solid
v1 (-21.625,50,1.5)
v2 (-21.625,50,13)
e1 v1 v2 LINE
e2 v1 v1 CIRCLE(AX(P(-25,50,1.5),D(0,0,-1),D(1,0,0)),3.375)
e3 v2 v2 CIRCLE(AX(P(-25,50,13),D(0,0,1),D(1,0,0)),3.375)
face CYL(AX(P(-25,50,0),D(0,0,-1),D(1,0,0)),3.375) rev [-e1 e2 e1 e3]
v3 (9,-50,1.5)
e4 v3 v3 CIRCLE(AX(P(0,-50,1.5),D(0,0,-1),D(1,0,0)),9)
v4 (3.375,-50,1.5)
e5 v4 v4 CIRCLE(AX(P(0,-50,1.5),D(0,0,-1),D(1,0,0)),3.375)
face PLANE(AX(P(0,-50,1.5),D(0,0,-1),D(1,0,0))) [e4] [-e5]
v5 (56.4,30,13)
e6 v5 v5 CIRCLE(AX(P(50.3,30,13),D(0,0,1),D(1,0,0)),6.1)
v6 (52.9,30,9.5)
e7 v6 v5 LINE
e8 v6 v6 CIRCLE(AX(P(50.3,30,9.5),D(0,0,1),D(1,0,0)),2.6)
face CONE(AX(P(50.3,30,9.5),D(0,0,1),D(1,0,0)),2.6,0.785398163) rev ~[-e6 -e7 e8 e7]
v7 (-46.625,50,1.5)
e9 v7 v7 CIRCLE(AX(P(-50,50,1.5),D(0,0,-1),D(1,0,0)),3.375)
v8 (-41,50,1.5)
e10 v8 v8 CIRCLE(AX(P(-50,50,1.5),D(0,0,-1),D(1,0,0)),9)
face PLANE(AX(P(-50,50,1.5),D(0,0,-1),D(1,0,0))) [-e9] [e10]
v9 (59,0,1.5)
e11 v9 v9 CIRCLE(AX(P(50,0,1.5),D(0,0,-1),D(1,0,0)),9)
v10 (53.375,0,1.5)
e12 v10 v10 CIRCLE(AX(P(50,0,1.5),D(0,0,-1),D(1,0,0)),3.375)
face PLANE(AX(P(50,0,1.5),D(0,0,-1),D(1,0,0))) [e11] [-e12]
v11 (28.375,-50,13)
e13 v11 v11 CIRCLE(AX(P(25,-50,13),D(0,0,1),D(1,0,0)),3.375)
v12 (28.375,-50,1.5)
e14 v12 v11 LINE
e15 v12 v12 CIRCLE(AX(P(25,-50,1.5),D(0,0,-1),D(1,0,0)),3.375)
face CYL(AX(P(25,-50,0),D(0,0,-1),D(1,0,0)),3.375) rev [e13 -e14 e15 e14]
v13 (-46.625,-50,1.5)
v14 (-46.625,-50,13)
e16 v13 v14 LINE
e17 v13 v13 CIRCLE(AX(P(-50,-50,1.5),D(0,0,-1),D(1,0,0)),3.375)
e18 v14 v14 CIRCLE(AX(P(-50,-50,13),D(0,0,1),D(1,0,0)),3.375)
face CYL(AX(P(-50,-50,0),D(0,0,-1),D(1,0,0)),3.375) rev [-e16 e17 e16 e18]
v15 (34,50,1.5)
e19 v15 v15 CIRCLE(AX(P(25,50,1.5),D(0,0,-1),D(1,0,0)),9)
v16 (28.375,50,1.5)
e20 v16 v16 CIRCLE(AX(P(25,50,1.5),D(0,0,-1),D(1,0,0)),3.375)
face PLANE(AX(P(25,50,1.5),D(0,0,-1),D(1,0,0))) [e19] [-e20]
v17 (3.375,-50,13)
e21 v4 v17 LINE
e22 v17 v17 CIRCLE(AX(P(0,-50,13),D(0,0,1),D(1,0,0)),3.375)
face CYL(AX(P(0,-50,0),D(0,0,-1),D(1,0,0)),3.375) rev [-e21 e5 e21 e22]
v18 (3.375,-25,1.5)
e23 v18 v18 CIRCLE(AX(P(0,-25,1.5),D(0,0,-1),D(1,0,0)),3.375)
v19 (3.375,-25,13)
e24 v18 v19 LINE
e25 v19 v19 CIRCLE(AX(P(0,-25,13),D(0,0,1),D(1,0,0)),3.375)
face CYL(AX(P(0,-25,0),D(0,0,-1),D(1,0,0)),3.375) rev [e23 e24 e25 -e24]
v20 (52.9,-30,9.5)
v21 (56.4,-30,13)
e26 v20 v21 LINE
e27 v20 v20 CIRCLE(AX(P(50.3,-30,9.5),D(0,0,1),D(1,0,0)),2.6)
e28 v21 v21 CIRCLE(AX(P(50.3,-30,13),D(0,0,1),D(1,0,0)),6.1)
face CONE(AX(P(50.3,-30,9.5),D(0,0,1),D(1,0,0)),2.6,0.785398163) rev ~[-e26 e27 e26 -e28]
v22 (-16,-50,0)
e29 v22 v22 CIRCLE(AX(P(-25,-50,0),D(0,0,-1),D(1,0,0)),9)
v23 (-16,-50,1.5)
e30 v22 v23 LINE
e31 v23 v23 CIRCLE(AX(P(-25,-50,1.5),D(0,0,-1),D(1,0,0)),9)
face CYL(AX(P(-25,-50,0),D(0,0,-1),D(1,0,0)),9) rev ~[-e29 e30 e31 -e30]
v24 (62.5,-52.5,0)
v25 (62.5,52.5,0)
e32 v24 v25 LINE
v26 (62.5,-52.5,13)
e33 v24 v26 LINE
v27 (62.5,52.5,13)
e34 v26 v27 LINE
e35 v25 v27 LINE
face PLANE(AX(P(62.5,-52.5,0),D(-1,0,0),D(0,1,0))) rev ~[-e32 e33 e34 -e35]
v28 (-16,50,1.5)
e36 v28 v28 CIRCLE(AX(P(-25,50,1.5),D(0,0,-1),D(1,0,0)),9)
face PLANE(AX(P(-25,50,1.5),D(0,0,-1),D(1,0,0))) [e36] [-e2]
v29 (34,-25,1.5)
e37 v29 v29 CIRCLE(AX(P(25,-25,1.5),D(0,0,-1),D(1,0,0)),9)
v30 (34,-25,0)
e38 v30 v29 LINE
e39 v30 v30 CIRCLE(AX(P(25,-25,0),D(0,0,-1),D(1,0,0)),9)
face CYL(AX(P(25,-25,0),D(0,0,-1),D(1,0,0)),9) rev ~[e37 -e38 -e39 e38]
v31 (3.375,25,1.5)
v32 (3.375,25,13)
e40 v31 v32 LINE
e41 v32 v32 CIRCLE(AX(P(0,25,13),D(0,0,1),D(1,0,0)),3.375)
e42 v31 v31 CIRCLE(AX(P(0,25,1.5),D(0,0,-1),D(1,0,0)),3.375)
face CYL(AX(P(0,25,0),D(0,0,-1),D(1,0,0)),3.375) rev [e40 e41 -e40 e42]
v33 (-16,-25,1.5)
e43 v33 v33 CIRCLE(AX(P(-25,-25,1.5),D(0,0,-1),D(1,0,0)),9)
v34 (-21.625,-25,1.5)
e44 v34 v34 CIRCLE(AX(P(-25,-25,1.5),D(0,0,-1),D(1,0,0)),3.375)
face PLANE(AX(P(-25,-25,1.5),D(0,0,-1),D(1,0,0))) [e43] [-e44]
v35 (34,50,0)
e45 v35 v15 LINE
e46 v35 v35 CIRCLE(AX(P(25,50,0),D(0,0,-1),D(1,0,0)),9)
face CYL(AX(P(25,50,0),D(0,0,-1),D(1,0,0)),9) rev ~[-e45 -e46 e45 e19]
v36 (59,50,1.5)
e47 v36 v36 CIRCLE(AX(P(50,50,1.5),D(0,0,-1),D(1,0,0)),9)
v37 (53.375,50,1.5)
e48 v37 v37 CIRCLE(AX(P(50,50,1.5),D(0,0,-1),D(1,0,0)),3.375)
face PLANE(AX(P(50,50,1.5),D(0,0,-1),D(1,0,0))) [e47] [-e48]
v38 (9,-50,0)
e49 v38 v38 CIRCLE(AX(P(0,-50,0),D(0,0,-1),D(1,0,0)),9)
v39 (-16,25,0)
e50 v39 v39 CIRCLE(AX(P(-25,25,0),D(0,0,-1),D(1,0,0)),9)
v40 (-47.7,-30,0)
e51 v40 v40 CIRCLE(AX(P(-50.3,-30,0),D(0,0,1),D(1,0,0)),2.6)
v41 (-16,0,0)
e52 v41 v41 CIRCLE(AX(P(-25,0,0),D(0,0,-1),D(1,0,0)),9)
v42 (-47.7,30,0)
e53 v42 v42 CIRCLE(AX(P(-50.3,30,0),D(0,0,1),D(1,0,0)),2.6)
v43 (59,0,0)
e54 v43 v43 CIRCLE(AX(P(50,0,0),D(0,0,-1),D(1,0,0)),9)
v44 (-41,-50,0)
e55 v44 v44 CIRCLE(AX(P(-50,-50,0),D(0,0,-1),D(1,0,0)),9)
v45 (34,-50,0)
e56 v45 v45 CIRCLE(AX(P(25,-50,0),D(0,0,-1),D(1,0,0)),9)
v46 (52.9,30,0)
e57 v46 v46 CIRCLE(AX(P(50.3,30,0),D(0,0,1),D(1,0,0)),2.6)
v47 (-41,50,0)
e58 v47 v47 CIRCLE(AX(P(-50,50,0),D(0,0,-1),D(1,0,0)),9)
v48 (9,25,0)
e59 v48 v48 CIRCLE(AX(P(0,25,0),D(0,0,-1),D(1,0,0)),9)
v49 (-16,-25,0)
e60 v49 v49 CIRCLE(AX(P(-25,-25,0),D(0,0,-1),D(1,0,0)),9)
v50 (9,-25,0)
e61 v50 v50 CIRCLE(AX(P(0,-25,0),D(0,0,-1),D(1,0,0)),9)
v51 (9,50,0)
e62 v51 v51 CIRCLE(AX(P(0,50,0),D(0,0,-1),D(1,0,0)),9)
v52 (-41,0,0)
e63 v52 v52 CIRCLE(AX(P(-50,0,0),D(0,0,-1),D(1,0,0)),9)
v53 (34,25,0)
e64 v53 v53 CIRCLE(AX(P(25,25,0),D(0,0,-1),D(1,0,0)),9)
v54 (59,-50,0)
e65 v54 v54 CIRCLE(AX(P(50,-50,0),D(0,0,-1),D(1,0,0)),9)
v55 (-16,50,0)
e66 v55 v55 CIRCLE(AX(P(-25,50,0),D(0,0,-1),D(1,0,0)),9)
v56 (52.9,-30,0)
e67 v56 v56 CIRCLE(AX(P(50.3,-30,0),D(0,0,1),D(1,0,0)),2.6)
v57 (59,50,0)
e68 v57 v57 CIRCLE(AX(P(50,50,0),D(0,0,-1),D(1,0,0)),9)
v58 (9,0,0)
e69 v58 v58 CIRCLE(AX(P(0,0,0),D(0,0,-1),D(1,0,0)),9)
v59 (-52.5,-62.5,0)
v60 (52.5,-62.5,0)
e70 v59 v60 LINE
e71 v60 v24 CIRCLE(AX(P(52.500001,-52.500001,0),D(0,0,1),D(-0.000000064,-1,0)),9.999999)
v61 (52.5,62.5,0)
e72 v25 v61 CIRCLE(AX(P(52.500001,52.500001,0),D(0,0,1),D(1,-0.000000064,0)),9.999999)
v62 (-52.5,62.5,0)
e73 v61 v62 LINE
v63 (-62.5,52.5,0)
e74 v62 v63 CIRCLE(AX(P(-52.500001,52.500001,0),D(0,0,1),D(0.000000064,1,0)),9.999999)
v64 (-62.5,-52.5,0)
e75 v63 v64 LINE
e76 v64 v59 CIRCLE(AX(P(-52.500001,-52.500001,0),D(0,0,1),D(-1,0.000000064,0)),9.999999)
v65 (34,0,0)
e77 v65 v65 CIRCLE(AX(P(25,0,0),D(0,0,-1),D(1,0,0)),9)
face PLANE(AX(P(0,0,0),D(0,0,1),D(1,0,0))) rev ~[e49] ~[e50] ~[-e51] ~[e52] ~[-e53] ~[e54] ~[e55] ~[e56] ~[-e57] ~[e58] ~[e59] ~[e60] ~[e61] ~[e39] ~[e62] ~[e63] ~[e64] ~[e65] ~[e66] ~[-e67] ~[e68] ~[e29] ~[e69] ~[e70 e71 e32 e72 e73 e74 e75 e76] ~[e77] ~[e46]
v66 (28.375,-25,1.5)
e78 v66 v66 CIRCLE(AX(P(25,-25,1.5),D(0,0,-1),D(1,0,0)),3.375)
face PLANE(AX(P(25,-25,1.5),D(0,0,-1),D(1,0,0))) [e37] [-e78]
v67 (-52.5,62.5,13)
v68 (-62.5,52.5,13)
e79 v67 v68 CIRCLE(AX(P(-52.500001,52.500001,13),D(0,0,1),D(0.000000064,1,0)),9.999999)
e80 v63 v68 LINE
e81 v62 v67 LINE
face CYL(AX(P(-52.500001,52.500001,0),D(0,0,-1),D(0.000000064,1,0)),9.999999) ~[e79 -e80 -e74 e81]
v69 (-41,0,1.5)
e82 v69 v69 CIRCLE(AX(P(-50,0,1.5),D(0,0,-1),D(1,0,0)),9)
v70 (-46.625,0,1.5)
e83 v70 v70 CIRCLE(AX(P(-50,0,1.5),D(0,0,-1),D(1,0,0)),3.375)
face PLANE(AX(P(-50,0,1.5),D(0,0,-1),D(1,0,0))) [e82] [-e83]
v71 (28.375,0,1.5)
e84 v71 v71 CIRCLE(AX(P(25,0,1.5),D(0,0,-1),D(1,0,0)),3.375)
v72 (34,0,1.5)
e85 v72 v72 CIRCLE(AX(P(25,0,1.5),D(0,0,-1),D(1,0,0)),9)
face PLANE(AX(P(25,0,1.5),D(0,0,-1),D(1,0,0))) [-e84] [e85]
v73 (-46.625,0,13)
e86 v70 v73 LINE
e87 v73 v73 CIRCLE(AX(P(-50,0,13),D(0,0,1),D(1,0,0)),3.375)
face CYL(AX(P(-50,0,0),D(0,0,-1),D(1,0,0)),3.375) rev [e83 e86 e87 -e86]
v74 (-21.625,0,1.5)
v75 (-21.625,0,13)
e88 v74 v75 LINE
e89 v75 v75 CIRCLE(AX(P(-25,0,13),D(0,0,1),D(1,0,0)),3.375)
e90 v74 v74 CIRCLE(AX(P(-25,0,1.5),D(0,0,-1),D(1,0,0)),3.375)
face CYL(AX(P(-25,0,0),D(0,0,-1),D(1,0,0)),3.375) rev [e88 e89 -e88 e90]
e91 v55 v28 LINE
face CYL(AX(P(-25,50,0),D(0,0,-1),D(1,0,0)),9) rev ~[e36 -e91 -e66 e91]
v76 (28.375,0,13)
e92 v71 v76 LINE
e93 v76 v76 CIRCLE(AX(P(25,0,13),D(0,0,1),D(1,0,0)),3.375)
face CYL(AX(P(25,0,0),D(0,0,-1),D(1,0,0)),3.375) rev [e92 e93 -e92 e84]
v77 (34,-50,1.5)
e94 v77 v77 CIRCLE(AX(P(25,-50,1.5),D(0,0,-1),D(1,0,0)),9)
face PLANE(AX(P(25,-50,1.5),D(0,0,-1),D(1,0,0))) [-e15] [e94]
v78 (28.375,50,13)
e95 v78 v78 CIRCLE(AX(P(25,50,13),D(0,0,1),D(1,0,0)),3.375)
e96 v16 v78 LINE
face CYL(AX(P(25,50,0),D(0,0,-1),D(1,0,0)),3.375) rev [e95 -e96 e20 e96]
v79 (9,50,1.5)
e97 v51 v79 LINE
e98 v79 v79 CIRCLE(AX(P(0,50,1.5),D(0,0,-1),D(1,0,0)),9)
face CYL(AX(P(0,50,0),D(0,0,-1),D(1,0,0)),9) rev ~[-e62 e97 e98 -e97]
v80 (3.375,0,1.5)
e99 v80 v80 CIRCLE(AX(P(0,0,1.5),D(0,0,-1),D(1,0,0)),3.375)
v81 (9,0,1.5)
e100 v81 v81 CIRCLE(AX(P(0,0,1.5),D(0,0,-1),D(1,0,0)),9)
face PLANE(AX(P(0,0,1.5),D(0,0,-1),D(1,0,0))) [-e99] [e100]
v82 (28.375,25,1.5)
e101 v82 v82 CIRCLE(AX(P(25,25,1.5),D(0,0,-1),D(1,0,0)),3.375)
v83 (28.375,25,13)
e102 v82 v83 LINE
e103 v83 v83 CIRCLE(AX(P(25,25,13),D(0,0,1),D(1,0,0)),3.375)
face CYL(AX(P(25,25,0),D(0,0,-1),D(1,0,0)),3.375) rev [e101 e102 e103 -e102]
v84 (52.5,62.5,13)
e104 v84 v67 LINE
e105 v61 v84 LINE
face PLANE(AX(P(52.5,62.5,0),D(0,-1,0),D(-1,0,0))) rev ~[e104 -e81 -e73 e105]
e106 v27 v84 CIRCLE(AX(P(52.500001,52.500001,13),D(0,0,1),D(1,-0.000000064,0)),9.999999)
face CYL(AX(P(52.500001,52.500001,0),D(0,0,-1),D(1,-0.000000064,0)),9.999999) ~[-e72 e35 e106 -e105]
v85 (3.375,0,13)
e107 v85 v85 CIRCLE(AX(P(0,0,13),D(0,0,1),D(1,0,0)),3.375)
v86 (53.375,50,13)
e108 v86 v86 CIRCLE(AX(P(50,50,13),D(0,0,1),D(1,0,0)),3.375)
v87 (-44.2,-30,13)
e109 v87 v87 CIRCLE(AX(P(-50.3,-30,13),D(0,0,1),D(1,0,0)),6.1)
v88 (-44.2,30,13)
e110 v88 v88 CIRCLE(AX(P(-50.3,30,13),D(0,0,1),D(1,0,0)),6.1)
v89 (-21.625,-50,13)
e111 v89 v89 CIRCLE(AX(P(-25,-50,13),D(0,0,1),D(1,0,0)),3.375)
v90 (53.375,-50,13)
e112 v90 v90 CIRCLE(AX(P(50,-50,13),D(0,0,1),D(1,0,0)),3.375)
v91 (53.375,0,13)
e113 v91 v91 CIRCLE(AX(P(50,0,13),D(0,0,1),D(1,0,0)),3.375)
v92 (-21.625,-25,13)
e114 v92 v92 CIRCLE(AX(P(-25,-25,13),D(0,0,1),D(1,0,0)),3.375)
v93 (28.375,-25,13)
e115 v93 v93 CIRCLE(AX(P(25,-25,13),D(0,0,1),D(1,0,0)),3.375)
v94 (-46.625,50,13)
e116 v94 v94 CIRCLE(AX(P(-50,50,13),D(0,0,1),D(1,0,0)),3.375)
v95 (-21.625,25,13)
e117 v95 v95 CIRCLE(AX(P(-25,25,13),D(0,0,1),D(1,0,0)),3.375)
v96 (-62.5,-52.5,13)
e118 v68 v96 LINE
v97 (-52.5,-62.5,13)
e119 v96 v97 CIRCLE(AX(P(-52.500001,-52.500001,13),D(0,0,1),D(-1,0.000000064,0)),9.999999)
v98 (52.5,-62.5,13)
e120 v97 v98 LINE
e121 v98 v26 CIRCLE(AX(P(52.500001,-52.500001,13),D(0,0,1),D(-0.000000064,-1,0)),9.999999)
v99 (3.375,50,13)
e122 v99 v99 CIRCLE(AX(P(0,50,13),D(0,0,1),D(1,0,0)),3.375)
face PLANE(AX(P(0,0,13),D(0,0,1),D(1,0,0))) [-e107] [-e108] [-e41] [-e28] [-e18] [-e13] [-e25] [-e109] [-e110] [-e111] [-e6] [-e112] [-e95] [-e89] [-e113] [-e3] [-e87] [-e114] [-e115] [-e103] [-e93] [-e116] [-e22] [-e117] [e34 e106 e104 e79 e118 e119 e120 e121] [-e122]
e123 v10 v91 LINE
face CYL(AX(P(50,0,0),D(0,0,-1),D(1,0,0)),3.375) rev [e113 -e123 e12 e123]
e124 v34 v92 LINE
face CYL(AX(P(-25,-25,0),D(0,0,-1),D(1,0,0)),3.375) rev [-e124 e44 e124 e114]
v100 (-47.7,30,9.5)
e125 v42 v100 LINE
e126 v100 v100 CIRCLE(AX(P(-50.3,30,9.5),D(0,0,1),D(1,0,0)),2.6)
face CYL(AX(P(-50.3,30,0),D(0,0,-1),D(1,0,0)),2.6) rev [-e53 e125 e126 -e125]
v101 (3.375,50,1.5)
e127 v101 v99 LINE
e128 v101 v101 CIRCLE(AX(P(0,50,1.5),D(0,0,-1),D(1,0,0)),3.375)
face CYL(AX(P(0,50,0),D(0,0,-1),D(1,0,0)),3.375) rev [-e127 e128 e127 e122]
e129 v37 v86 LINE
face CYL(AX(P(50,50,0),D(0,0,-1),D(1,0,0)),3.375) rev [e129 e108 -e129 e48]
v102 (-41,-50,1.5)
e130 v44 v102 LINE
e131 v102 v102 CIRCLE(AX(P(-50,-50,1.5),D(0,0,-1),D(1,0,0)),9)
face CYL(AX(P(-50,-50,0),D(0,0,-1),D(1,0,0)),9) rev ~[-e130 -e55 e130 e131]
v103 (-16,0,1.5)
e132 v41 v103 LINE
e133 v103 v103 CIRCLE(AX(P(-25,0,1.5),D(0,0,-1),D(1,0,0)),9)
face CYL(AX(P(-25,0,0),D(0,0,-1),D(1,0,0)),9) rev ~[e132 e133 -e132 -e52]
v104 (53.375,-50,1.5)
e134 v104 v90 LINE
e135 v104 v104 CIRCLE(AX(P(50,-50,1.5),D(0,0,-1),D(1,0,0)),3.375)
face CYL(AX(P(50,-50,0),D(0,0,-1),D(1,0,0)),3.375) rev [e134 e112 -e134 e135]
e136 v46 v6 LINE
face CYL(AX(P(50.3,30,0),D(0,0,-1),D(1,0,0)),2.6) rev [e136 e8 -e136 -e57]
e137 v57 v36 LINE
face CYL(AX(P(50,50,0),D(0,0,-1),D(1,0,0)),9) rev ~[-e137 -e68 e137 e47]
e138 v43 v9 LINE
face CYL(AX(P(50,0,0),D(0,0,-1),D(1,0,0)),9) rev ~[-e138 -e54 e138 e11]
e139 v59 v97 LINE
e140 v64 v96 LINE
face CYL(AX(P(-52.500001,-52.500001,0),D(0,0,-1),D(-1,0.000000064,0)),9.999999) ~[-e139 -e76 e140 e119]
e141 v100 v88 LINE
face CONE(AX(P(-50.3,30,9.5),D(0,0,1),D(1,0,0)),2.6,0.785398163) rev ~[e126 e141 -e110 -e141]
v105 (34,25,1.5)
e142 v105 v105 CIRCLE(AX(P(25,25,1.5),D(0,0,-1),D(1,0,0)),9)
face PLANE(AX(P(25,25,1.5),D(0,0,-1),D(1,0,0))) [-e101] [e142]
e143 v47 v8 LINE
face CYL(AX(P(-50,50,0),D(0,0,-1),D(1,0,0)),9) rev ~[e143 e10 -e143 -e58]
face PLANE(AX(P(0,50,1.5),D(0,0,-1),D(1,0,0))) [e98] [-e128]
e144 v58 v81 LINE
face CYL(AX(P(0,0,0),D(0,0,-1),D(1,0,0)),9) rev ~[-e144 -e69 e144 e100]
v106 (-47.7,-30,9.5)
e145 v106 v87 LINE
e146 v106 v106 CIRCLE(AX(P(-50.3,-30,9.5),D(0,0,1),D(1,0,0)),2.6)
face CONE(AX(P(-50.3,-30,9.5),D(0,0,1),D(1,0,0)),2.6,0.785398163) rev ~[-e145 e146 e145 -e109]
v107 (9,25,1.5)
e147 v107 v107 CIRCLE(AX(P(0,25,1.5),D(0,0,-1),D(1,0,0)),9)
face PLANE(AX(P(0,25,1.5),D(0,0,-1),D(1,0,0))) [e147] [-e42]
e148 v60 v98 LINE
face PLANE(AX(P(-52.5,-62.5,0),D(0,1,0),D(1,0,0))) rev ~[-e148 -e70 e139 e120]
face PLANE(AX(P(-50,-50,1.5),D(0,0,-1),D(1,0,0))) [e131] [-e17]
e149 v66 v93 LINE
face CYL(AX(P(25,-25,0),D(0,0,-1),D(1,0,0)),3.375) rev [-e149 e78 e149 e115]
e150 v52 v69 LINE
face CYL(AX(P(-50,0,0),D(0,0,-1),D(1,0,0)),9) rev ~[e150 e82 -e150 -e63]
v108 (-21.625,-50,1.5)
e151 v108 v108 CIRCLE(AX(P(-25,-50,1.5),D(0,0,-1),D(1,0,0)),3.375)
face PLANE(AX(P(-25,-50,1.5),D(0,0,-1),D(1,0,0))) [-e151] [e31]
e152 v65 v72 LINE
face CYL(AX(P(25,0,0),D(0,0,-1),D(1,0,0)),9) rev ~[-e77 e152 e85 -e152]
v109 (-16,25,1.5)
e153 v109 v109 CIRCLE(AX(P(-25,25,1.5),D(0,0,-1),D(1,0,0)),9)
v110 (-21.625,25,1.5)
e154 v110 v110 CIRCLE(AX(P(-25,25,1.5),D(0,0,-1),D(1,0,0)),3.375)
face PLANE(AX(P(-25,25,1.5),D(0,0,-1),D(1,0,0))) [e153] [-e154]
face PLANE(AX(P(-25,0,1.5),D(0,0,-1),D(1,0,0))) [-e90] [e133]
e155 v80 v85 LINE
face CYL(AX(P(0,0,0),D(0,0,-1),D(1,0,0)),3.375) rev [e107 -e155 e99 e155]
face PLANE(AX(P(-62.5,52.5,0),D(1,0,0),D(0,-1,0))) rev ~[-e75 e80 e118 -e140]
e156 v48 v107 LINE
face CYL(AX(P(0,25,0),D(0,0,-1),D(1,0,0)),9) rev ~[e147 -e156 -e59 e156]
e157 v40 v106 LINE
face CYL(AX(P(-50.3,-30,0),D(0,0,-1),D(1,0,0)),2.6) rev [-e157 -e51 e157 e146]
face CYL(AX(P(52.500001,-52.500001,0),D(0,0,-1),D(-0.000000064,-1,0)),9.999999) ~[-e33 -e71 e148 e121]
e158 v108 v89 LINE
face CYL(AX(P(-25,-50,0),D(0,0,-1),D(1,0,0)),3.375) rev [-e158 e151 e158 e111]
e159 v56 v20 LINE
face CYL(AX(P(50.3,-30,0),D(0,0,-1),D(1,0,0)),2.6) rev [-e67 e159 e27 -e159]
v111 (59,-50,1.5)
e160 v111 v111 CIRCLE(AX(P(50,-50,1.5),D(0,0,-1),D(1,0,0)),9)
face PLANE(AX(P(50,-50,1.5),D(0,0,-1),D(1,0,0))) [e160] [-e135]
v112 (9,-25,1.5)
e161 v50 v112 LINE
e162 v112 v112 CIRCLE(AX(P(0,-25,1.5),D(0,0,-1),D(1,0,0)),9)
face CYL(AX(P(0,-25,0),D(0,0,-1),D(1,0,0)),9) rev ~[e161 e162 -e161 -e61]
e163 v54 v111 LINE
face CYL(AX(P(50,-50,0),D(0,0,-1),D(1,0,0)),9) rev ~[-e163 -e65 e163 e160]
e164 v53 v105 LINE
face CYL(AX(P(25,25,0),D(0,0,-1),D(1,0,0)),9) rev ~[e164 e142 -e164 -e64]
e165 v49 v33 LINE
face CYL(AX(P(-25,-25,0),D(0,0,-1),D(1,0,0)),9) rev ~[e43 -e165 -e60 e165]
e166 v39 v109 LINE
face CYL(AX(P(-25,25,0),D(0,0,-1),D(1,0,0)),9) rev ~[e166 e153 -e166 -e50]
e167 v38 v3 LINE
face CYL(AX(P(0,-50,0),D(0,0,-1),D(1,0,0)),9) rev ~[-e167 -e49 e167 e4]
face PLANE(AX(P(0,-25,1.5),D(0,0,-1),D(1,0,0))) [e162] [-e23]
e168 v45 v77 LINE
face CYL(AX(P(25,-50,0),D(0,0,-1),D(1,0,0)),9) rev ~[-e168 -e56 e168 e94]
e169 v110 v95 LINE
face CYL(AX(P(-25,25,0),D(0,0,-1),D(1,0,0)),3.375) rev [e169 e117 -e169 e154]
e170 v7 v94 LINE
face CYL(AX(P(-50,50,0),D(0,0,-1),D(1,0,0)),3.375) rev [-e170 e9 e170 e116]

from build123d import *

# Parameters (mm, degrees)
F0_R     = 3.375
F0_R_2   = 2.6
F1_DEPTH = 13
F2_SIZE  = 3.5
F3_R     = 9
F4_DEPTH = 1.5


with BuildPart() as f1:
    # F0 (on Top) → F1 (new body)
    with BuildSketch(Plane.XY):
        with BuildLine():
            Line((-52.5, -62.5), (52.5, -62.5))
            ThreePointArc((52.5, -62.5), (59.571068, -59.571068), (62.5, -52.5))
            Line((62.5, -52.5), (62.5, 52.5))
            ThreePointArc((62.5, 52.5), (59.571068, 59.571068), (52.5, 62.5))
            Line((52.5, 62.5), (-52.5, 62.5))
            ThreePointArc((-52.5, 62.5), (-59.571068, 59.571068), (-62.5, 52.5))
            Line((-62.5, 52.5), (-62.5, -52.5))
            ThreePointArc((-62.5, -52.5), (-59.571068, -59.571068), (-52.5, -62.5))
        make_face()
        with Locations((-50, -50)):
            Circle(F0_R, mode=Mode.SUBTRACT)
        with Locations((-25, -50)):
            Circle(F0_R, mode=Mode.SUBTRACT)
        with Locations((0, -50)):
            Circle(F0_R, mode=Mode.SUBTRACT)
        with Locations((-50.3, -30)):
            Circle(F0_R_2, mode=Mode.SUBTRACT)
        with Locations((-25, -25)):
            Circle(F0_R, mode=Mode.SUBTRACT)
        with Locations((0, -25)):
            Circle(F0_R, mode=Mode.SUBTRACT)
        with Locations((25, -50)):
            Circle(F0_R, mode=Mode.SUBTRACT)
        with Locations((50, -50)):
            Circle(F0_R, mode=Mode.SUBTRACT)
        with Locations((25, -25)):
            Circle(F0_R, mode=Mode.SUBTRACT)
        with Locations((50.3, -30)):
            Circle(F0_R_2, mode=Mode.SUBTRACT)
        with Locations((-50, 0)):
            Circle(F0_R, mode=Mode.SUBTRACT)
        with Locations((-50.3, 30)):
            Circle(F0_R_2, mode=Mode.SUBTRACT)
        with Locations((-25, 0)):
            Circle(F0_R, mode=Mode.SUBTRACT)
        Circle(F0_R, mode=Mode.SUBTRACT)
        with Locations((-25, 25)):
            Circle(F0_R, mode=Mode.SUBTRACT)
        with Locations((0, 25)):
            Circle(F0_R, mode=Mode.SUBTRACT)
        with Locations((-50, 50)):
            Circle(F0_R, mode=Mode.SUBTRACT)
        with Locations((-25, 50)):
            Circle(F0_R, mode=Mode.SUBTRACT)
        with Locations((0, 50)):
            Circle(F0_R, mode=Mode.SUBTRACT)
        with Locations((25, 0)):
            Circle(F0_R, mode=Mode.SUBTRACT)
        with Locations((25, 25)):
            Circle(F0_R, mode=Mode.SUBTRACT)
        with Locations((50, 0)):
            Circle(F0_R, mode=Mode.SUBTRACT)
        with Locations((50.3, 30)):
            Circle(F0_R_2, mode=Mode.SUBTRACT)
        with Locations((25, 50)):
            Circle(F0_R, mode=Mode.SUBTRACT)
        with Locations((50, 50)):
            Circle(F0_R, mode=Mode.SUBTRACT)
    extrude(amount=F1_DEPTH)

    # F2
    f2_edges = [f1.edges().sort_by_distance(p)[0] for p in [
        (-52.9, 30, 13),
        (47.7, 30, 13),
        (47.7, -30, 13),
        (-52.9, -30, 13),
    ]]
    chamfer(f2_edges, length=F2_SIZE)

    # F3 (on face) → F4 (cut)
    with BuildSketch(Plane(origin=(0, 0, 0), x_dir=(1, 0, 0), z_dir=(0, 0, -1))):
        with Locations((0, 50)):
            Circle(F3_R)
        with Locations((0, 25)):
            Circle(F3_R)
        Circle(F3_R)
        with Locations((0, -25)):
            Circle(F3_R)
        with Locations((0, -50)):
            Circle(F3_R)
        with Locations((25, -25)):
            Circle(F3_R)
        with Locations((25, 0)):
            Circle(F3_R)
        with Locations((25, 25)):
            Circle(F3_R)
        with Locations((25, 50)):
            Circle(F3_R)
        with Locations((25, -50)):
            Circle(F3_R)
        with Locations((50, 0)):
            Circle(F3_R)
        with Locations((50, 50)):
            Circle(F3_R)
        with Locations((50, -50)):
            Circle(F3_R)
        with Locations((-25, 0)):
            Circle(F3_R)
        with Locations((-25, 25)):
            Circle(F3_R)
        with Locations((-25, -25)):
            Circle(F3_R)
        with Locations((-25, 50)):
            Circle(F3_R)
        with Locations((-25, -50)):
            Circle(F3_R)
        with Locations((-50, 0)):
            Circle(F3_R)
        with Locations((-50, 50)):
            Circle(F3_R)
        with Locations((-50, -50)):
            Circle(F3_R)
    extrude(amount=-F4_DEPTH, mode=Mode.SUBTRACT)


solid = f1.part
